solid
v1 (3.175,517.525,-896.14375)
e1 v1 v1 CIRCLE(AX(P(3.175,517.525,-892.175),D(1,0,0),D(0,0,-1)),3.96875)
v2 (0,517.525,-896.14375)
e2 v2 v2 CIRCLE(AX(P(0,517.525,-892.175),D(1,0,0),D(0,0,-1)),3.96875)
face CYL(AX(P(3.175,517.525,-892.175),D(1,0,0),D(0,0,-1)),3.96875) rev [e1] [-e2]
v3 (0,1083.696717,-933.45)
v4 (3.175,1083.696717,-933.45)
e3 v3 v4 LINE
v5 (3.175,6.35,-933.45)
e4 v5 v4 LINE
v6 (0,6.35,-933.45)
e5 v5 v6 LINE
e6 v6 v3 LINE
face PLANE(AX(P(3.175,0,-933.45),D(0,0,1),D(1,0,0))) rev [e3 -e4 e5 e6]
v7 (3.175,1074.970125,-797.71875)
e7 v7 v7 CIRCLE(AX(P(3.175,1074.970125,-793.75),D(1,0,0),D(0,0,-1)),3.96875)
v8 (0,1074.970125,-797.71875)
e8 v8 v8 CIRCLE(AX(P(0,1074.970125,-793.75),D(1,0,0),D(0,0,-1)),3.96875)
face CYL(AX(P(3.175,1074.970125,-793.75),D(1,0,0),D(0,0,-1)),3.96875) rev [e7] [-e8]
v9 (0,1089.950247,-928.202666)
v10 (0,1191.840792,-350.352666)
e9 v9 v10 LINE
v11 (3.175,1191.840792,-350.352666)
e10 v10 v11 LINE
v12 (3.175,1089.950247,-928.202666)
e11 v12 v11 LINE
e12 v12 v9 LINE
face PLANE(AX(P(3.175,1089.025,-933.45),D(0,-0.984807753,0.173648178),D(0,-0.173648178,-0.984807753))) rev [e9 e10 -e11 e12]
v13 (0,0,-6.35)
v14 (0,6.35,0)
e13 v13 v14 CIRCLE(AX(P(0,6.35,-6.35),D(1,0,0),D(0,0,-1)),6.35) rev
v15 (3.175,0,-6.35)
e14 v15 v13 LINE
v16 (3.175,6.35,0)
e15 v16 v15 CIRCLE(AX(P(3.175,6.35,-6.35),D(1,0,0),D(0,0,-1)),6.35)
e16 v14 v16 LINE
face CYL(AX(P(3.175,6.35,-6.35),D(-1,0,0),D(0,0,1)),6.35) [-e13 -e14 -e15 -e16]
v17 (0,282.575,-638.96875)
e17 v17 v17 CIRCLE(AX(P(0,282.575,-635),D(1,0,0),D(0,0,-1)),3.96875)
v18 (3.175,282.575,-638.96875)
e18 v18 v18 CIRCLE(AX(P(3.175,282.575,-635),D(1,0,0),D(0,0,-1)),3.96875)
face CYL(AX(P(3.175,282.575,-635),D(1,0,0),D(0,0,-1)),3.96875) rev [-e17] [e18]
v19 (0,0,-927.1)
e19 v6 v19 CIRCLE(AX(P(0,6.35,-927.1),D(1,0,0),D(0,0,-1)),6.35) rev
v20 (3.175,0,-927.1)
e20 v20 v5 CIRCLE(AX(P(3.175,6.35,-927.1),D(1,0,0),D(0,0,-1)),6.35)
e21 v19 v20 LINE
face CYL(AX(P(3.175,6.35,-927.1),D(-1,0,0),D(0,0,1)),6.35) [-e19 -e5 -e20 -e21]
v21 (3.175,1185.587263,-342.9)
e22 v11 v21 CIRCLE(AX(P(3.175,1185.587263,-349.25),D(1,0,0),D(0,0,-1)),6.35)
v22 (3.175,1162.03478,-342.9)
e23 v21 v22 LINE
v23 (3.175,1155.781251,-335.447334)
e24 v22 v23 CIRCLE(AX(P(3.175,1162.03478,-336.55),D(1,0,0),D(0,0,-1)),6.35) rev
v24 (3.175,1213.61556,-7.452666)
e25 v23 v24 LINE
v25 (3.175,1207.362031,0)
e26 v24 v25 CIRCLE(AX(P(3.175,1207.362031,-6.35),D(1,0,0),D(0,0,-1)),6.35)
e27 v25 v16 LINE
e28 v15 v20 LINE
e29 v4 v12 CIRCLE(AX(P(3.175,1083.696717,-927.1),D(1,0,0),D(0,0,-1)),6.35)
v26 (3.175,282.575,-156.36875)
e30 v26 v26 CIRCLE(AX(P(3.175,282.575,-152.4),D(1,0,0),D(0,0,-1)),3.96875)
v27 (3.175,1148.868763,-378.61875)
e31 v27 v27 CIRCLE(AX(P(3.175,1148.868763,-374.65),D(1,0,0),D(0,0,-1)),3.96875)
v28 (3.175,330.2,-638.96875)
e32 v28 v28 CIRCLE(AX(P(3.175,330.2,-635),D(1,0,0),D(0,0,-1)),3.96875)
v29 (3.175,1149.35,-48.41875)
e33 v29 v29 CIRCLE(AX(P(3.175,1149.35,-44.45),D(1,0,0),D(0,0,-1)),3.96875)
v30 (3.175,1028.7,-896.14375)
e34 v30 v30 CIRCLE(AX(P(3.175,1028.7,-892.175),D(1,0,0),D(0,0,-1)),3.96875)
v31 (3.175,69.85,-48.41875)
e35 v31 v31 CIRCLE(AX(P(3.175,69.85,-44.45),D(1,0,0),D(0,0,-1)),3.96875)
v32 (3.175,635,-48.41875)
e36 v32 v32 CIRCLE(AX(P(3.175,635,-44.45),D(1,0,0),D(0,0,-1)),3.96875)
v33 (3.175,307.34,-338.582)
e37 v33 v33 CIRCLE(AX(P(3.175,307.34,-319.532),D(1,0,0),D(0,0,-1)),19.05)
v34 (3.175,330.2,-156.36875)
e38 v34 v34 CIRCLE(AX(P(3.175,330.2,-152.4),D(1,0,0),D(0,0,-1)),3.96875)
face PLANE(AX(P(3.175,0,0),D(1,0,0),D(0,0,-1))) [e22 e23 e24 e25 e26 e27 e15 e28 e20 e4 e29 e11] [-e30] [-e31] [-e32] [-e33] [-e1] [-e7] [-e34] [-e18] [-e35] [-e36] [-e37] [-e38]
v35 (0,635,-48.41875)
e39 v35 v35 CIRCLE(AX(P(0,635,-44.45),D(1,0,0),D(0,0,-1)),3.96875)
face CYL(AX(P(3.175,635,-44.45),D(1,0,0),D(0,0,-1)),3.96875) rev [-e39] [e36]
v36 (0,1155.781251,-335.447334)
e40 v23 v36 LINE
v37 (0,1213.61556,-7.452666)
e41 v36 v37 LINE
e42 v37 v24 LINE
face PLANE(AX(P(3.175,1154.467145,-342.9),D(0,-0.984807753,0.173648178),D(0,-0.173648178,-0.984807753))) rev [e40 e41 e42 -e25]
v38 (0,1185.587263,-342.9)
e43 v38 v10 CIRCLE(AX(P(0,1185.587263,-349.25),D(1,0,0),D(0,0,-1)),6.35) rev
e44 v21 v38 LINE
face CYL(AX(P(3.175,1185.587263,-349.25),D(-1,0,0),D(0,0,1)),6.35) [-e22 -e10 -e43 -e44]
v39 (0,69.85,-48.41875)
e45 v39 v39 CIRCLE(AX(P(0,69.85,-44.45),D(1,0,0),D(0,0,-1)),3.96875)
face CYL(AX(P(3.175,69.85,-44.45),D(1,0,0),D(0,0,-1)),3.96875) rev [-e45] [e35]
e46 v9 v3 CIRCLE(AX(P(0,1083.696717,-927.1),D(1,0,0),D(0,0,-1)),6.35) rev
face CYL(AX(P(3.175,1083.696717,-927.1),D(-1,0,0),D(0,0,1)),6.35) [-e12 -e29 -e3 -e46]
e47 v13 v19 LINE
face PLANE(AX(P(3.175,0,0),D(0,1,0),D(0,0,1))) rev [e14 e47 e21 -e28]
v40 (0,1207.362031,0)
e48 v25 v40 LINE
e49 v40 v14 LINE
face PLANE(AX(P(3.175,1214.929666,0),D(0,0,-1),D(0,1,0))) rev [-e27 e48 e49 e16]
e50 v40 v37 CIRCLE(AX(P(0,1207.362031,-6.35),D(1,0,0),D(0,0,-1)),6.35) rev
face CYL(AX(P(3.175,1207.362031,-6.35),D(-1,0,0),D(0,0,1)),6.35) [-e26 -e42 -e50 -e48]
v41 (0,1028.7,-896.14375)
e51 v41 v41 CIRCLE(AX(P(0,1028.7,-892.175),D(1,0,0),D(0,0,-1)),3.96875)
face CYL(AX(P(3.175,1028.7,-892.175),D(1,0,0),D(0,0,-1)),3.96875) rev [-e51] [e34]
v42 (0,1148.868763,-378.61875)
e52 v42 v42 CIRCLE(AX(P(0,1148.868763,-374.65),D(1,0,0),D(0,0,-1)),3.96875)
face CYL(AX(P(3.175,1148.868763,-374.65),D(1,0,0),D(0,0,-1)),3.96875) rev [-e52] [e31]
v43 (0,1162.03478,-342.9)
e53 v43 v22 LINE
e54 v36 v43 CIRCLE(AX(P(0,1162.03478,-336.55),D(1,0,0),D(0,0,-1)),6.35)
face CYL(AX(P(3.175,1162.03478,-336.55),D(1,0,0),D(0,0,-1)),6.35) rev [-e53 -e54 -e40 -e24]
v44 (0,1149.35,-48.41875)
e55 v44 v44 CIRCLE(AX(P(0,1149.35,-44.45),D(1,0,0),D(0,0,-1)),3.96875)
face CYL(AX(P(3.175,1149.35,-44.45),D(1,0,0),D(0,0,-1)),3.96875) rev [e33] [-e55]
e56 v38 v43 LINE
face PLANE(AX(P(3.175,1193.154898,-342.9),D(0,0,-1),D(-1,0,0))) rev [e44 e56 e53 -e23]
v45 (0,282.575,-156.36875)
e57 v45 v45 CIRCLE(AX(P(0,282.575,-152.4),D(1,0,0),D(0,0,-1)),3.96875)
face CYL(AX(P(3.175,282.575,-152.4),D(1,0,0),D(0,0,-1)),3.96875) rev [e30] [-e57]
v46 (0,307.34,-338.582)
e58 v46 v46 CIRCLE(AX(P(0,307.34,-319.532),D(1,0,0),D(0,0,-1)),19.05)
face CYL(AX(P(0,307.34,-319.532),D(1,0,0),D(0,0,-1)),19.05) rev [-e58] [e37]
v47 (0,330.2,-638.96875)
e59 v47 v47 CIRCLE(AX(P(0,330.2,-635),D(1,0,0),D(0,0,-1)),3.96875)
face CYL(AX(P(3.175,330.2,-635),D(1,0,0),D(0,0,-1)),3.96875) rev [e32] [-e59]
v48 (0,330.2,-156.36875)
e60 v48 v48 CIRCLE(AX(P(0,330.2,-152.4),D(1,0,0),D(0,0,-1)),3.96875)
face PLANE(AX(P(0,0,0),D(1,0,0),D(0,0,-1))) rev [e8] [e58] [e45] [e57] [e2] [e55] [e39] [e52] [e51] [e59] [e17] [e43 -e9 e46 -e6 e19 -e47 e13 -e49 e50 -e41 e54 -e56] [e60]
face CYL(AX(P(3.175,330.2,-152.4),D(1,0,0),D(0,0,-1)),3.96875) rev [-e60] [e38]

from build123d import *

# Parameters (mm, degrees)
BOSS_EXTRUDE1_DEPTH            = 3.175
SKETCH2_R                      = 19.05
CUT_EXTRUDE1_DEPTH             = 4.175
FILLET1_R                      = 6.35
F_5_16_0_3125_DIAMETER_HOLE1_D = 7.9375


with BuildPart() as part:
    # Sketch1 → Boss-Extrude1 (new body)
    with BuildSketch(Plane(origin=(0, 0, 0), x_dir=(0, 0, -1), z_dir=(1, 0, 0))):
        Polygon((0, 0), (933.45, 0), (933.45, 1089.025), (342.9, 1193.154898457), (342.9, 1154.467144545), (0, 1214.929666229), align=None)
    extrude(amount=BOSS_EXTRUDE1_DEPTH)

    # Sketch2 → Cut-Extrude1 (cut, through all)
    with BuildSketch(Plane(origin=(3.175, 0, 0), x_dir=(0, 0, -1), z_dir=(1, 0, 0))):
        with Locations((319.532, 307.34)):
            Circle(SKETCH2_R)
    extrude(amount=-CUT_EXTRUDE1_DEPTH, mode=Mode.SUBTRACT)

    # Fillet1
    fillet1_edges = [part.edges().sort_by_distance(p)[0] for p in [
        (1.5875, 1214.929666229, 0),
        (1.5875, 1154.467144545, -342.9),
        (1.5875, 1193.154898457, -342.9),
        (1.5875, 1089.025, -933.45),
        (1.5875, 0, -933.45),
        (1.5875, 0, 0),
    ]]
    fillet(fillet1_edges, radius=FILLET1_R)

    # 5/16 (0.3125) Diameter Hole1 (through all)
    with Locations(Plane(origin=(3.175, 0, 0), x_dir=(0, 0, -1), z_dir=(1, 0, 0))):
        with Locations((44.45, 1149.35), (44.45, 635), (152.4, 330.2), (152.4, 282.575), (635, 330.2), (635, 282.575), (892.175, 517.525), (892.175, 1028.7), (374.65, 1148.868762907), (793.75, 1074.970125292), (44.45, 69.85)):
            Hole(F_5_16_0_3125_DIAMETER_HOLE1_D / 2)


solid = part.part
